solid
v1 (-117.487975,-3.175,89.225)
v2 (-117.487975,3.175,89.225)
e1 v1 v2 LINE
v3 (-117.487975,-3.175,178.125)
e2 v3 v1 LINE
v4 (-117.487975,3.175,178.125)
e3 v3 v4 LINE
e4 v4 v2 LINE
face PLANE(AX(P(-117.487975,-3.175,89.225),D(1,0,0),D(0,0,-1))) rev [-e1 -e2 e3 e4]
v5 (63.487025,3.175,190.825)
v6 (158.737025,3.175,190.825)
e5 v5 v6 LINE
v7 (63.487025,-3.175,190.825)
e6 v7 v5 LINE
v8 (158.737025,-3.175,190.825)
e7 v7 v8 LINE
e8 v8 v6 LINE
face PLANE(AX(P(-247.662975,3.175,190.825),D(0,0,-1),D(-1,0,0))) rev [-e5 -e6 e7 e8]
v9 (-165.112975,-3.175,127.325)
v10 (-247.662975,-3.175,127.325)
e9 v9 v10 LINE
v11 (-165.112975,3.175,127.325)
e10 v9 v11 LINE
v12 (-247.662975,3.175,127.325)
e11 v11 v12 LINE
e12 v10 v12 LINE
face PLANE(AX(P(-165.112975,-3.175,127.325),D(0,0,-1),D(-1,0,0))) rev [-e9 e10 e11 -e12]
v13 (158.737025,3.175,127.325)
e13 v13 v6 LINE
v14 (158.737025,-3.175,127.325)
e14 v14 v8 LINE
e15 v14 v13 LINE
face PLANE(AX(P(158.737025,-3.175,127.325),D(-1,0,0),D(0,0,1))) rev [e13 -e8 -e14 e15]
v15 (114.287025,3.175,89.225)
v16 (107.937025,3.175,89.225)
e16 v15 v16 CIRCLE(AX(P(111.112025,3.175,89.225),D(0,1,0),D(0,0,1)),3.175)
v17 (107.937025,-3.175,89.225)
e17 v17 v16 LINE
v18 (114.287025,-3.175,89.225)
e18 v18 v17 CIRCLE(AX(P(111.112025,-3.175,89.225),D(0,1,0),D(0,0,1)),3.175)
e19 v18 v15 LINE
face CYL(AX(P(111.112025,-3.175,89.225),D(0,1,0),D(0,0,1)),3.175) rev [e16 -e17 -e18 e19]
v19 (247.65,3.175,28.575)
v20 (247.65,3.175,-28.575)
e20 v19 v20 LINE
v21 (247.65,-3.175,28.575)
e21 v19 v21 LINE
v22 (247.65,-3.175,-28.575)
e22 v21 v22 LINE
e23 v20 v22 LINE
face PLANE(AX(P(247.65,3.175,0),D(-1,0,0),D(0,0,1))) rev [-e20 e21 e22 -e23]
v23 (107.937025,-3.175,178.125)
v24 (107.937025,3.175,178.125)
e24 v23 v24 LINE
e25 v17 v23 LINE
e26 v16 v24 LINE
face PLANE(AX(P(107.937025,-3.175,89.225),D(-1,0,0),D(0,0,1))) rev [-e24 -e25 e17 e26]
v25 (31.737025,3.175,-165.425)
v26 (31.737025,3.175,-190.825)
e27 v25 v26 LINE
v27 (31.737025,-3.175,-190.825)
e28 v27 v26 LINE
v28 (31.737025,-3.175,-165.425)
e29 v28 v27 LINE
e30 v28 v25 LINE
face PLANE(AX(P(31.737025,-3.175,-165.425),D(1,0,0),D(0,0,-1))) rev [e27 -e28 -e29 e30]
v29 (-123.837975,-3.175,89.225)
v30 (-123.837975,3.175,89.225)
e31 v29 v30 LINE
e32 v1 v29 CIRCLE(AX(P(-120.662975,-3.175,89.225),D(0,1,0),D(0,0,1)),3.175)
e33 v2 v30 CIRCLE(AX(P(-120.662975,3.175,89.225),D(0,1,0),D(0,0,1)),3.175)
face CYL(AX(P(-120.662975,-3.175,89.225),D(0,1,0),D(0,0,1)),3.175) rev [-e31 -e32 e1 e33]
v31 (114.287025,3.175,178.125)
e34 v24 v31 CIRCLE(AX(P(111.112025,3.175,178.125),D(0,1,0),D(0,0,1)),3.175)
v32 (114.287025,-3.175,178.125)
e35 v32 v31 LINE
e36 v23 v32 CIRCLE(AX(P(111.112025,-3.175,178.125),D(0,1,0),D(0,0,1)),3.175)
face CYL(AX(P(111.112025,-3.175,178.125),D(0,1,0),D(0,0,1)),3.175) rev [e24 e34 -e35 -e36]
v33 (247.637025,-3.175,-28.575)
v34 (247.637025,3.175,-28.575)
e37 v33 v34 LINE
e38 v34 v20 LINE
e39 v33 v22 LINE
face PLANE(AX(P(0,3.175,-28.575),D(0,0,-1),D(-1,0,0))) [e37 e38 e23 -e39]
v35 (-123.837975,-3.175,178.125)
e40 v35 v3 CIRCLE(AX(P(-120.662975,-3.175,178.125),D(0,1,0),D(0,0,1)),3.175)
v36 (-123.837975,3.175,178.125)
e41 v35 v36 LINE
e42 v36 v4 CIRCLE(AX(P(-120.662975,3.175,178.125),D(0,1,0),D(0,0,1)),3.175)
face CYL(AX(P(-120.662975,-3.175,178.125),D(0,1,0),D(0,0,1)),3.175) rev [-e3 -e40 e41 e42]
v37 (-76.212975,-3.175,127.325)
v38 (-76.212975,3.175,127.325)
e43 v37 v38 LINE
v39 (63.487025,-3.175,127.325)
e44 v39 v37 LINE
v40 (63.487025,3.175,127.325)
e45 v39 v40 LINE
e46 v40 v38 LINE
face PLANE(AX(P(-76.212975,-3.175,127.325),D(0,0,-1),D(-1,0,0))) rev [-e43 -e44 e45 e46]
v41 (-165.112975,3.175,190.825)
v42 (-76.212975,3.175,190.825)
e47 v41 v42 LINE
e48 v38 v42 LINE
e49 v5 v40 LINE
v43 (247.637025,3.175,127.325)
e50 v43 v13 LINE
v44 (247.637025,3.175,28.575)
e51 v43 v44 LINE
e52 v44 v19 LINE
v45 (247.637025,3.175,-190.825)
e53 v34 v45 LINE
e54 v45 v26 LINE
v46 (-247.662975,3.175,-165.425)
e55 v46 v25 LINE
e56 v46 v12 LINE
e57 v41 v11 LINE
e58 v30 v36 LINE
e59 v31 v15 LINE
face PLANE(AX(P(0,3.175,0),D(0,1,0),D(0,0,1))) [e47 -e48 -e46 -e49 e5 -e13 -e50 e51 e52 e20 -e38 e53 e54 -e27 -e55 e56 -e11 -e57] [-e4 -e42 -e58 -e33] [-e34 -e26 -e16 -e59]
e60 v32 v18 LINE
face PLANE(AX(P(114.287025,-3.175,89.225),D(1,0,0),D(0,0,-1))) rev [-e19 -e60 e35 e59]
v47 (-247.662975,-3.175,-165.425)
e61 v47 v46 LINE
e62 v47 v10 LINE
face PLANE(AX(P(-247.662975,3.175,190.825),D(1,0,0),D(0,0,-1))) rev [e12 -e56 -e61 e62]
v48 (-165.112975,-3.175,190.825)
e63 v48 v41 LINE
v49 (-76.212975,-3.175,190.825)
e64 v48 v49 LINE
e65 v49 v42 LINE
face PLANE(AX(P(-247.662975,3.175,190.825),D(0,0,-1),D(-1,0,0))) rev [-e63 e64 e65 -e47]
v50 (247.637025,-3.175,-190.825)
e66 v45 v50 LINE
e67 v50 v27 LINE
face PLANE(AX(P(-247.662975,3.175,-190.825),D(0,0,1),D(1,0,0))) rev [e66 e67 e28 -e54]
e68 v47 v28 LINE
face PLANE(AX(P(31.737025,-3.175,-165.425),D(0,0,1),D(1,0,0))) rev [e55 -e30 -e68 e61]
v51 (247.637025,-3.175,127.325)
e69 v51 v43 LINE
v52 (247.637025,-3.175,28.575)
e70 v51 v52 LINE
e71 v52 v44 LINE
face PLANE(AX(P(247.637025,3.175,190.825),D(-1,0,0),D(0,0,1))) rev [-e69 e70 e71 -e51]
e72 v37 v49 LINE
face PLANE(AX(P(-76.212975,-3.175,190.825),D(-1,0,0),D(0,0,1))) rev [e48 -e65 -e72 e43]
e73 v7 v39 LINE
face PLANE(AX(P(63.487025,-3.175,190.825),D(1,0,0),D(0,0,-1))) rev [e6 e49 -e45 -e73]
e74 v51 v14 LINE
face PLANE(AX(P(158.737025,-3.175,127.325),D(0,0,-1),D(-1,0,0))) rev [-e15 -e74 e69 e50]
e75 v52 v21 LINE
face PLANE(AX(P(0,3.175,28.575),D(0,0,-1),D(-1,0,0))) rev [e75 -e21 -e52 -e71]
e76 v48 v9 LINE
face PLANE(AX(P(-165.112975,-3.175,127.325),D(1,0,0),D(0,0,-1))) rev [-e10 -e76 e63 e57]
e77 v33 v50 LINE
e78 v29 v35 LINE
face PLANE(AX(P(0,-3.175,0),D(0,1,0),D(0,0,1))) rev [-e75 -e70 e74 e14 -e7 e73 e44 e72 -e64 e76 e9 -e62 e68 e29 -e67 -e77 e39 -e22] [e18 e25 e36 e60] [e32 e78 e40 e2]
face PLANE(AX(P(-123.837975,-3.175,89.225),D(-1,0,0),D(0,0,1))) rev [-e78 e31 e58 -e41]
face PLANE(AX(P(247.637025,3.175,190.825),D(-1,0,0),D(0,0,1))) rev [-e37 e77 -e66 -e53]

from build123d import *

# Parameters (mm, degrees)
SKETCH1_W           = 495.3
SKETCH1_H           = 57.15
BOSS_EXTRUDE1_DEPTH = 3.175
SKETCH23_W          = 495.3
SKETCH23_H          = 381.64999997
BOSS_EXTRUDE3_DEPTH = 3.175
SKETCH24_W          = 88.9
SKETCH24_H          = 63.5
SKETCH24_W_2        = 139.7
SKETCH24_W_3        = 82.55
CUT_EXTRUDE6_DEPTH  = 6.35
CUT_EXTRUDE7_DEPTH  = 6.35
SKETCH27_W          = 279.4
SKETCH27_H          = 25.4
CUT_EXTRUDE8_DEPTH  = 6.35


with BuildPart() as part:
    # Sketch1 → Boss-Extrude1 (new, symmetric)
    with BuildSketch(Plane(origin=(0, 0, 0), x_dir=(1, 0, 0), z_dir=(0, 1, 0))):
        Rectangle(SKETCH1_W, SKETCH1_H)
    extrude(amount=BOSS_EXTRUDE1_DEPTH, both=True)

    # Sketch23 → Boss-Extrude3 (add, symmetric)
    with BuildSketch(Plane(origin=(0, 0, 0), x_dir=(1, 0, 0), z_dir=(0, 1, 0))):
        with Locations((-0.01297497, 0)):
            Rectangle(SKETCH23_W, SKETCH23_H)
    extrude(amount=BOSS_EXTRUDE3_DEPTH, both=True)

    # Sketch24 → Cut-Extrude6 (cut)
    with BuildSketch(Plane(origin=(0, 3.175, 0), x_dir=(1, 0, 0), z_dir=(0, 1, 0))):
        with Locations((203.18702503, -159.074999985)):
            Rectangle(SKETCH24_W, SKETCH24_H)
        with Locations((-6.36297497, -159.074999985)):
            Rectangle(SKETCH24_W_2, SKETCH24_H)
        with Locations((-206.38797497, -159.074999985)):
            Rectangle(SKETCH24_W_3, SKETCH24_H)
    extrude(amount=-CUT_EXTRUDE6_DEPTH, mode=Mode.SUBTRACT)

    # Sketch25 → Cut-Extrude7 (cut)
    with BuildSketch(Plane(origin=(0, 3.175, 0), x_dir=(1, 0, 0), z_dir=(0, 1, 0))):
        with BuildLine():
            Line((114.28702503, -89.224999985), (114.28702503, -178.124999985))
            ThreePointArc((114.28702503, -178.124999985), (111.11202503, -181.299999985), (107.93702503, -178.124999985))
            Line((107.93702503, -178.124999985), (107.93702503, -89.224999985))
            ThreePointArc((107.93702503, -89.224999985), (111.11202503, -86.049999985), (114.28702503, -89.224999985))
        make_face()
        with BuildLine():
            Line((-117.48797497, -89.224999985), (-117.48797497, -178.124999985))
            ThreePointArc((-117.48797497, -178.124999985), (-120.66297497, -181.299999985), (-123.83797497, -178.124999985))
            Line((-123.83797497, -178.124999985), (-123.83797497, -89.224999985))
            ThreePointArc((-123.83797497, -89.224999985), (-120.66297497, -86.049999985), (-117.48797497, -89.224999985))
        make_face()
    extrude(amount=-CUT_EXTRUDE7_DEPTH, mode=Mode.SUBTRACT)

    # Sketch27 → Cut-Extrude8 (cut)
    with BuildSketch(Plane(origin=(0, 3.175, 0), x_dir=(1, 0, 0), z_dir=(0, 1, 0))):
        with Locations((-107.96297497, 178.124999985)):
            Rectangle(SKETCH27_W, SKETCH27_H)
    extrude(amount=-CUT_EXTRUDE8_DEPTH, mode=Mode.SUBTRACT)


solid = part.part
